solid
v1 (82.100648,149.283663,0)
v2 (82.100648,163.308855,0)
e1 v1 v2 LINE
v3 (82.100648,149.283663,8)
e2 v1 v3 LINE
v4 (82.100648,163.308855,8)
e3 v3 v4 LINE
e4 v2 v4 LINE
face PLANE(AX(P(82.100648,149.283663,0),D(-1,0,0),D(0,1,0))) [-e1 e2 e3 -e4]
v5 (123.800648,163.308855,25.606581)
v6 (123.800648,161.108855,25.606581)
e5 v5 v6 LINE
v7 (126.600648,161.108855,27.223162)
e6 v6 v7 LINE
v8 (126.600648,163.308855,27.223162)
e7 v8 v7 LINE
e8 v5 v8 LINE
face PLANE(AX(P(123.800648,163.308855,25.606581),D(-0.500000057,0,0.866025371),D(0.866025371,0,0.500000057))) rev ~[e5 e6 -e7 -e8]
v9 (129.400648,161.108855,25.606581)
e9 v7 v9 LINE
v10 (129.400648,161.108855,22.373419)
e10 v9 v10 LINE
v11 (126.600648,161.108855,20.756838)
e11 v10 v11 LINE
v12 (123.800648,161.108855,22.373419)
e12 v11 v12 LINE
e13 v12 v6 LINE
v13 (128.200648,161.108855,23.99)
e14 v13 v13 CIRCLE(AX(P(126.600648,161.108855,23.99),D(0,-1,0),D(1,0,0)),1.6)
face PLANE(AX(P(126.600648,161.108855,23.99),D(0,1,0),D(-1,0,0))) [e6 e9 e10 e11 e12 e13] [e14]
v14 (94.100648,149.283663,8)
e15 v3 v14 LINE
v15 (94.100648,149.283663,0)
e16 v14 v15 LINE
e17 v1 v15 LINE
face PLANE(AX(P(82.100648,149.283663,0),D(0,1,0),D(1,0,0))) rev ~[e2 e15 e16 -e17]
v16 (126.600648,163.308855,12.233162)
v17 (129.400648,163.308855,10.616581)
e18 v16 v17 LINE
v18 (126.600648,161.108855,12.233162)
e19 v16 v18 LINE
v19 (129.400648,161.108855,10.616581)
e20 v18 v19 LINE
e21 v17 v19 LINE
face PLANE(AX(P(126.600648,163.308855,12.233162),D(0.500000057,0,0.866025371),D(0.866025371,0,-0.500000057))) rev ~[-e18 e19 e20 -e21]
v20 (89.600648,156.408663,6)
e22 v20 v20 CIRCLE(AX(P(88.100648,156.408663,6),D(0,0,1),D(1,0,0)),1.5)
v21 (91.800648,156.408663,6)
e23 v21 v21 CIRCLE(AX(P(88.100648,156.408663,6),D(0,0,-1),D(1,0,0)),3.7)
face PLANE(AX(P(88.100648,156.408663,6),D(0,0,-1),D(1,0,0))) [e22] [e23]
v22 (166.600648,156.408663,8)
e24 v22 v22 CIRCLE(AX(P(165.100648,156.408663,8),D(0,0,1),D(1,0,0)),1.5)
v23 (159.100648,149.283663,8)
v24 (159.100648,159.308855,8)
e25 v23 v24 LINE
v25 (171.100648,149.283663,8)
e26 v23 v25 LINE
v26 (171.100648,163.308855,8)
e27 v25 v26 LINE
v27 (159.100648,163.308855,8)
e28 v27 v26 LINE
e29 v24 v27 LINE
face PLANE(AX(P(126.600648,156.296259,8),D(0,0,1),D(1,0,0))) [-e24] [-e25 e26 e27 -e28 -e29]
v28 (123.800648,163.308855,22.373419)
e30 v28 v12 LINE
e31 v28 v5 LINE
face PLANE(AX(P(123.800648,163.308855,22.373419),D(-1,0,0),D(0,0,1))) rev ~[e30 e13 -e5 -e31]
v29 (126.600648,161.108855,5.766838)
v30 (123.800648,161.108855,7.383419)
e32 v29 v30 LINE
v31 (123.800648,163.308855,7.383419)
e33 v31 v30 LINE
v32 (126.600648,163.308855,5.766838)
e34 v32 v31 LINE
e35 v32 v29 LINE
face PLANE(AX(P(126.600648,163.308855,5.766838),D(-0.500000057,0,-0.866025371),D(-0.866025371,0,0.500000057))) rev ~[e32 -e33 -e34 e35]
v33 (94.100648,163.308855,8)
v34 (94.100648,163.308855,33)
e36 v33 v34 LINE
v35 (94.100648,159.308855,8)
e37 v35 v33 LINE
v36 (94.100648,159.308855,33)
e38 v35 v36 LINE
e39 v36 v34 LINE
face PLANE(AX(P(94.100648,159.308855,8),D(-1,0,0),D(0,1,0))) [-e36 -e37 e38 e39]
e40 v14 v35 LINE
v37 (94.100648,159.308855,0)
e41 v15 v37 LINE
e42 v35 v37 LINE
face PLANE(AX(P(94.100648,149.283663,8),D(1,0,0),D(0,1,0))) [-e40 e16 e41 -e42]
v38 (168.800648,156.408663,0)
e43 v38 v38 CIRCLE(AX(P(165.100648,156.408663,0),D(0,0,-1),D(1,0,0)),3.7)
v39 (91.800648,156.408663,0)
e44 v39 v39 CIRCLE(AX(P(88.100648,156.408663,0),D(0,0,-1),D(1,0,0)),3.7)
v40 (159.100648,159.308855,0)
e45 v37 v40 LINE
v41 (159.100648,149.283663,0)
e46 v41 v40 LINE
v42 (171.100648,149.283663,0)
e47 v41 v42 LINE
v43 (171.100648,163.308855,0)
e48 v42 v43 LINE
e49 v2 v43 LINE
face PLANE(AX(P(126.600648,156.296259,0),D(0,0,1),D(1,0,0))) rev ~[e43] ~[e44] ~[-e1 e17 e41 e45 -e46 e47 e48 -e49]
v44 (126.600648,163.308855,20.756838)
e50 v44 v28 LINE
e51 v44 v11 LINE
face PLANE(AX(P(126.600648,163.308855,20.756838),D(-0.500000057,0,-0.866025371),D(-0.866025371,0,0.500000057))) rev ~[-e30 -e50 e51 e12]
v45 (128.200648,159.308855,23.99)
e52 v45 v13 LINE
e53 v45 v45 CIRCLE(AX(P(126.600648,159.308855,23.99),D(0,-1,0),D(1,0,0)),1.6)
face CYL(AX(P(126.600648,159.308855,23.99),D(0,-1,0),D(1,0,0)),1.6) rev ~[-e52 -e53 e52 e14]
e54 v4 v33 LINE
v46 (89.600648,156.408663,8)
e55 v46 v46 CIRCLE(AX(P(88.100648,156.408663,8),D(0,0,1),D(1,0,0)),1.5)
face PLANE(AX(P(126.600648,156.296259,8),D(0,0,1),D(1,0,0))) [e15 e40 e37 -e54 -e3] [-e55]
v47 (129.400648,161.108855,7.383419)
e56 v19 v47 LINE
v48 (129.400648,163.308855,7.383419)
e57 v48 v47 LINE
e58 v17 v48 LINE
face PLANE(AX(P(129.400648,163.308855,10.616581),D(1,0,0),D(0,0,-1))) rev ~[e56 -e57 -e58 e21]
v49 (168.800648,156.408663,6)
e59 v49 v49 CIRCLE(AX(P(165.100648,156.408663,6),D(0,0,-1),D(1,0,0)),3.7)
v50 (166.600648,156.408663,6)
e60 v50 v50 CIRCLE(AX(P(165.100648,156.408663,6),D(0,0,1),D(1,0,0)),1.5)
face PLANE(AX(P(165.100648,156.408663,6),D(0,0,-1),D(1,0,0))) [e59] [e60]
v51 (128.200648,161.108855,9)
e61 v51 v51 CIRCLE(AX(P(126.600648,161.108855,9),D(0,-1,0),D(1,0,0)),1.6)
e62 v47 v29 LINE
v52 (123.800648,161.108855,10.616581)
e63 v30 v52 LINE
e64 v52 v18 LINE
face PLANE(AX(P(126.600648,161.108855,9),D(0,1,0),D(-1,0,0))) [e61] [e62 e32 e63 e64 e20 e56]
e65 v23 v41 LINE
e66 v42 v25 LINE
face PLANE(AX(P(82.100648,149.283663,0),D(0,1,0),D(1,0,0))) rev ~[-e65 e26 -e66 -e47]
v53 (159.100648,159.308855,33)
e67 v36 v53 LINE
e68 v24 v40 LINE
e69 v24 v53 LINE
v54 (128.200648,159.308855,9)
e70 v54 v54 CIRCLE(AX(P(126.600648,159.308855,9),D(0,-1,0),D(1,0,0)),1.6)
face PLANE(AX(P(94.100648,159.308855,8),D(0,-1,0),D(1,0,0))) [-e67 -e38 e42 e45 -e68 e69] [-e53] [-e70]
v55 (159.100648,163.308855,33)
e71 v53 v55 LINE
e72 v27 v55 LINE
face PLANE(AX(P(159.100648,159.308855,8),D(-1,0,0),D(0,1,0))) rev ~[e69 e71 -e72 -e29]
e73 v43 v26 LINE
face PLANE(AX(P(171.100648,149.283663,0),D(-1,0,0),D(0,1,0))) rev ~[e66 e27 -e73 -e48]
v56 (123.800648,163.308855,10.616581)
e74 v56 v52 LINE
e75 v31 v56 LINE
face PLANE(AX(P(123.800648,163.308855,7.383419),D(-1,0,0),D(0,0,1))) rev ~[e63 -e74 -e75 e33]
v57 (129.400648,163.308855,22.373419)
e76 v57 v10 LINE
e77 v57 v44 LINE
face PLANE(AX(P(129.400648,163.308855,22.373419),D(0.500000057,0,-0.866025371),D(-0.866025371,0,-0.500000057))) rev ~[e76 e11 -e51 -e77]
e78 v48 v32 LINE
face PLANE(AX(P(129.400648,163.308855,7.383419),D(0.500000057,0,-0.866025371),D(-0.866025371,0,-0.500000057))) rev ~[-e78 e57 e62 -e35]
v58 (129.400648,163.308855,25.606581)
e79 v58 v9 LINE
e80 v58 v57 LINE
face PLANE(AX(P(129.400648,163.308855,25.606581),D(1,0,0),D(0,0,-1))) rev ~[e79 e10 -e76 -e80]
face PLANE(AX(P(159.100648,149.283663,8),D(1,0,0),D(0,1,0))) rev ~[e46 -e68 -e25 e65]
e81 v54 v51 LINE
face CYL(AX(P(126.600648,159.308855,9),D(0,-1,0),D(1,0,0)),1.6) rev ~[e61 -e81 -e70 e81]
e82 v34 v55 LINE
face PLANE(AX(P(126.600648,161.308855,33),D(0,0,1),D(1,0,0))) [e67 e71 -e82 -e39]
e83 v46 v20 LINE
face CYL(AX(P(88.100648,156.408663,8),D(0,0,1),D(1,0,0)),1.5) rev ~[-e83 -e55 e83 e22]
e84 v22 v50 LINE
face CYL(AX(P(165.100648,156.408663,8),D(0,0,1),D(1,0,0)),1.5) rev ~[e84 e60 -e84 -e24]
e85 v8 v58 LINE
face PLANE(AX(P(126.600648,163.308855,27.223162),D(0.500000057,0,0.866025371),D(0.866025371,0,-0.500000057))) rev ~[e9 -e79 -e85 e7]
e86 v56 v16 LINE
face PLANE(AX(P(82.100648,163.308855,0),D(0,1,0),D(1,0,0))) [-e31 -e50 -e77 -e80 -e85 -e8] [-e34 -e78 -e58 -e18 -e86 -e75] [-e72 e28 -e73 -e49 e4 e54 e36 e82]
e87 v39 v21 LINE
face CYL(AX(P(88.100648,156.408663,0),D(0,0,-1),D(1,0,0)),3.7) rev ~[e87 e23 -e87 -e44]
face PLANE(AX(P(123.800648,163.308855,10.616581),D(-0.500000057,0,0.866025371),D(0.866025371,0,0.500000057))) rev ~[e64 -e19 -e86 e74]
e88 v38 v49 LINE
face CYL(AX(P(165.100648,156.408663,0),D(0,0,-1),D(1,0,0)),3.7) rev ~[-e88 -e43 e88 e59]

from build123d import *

# Parameters (mm, degrees)
SKETCH001_W     = 89
SKETCH001_H     = 14.025192
PAD_DEPTH       = 8
SKETCH002_R     = 3.7
POCKET_DEPTH    = 6
SKETCH003_R     = 1.5
POCKET001_DEPTH = 8.001
SKETCH004_W     = 65
SKETCH004_H     = 4
PAD001_DEPTH    = 25
SKETCH007_W     = 65
SKETCH007_H     = 10.025192
POCKET004_DEPTH = 8
SKETCH008_R     = 1.6
POCKET005_DEPTH = 4
POCKET006_DEPTH = 2.2


with BuildPart() as part:
    # Sketch001 → Pad (new body)
    with BuildSketch(Plane.XY):
        with Locations((126.600648, 156.296259)):
            Rectangle(SKETCH001_W, SKETCH001_H)
    extrude(amount=PAD_DEPTH)

    # Sketch002 (on Face5 of Pad) → Pocket (cut)
    with BuildSketch(Plane(origin=(0, 0, 0), x_dir=(1, 0, 0), z_dir=(0, 0, -1))):
        with Locations((88.100648, -156.408663)):
            Circle(SKETCH002_R)
        with Locations((165.100648, -156.408663)):
            Circle(SKETCH002_R)
    extrude(amount=-POCKET_DEPTH, mode=Mode.SUBTRACT)

    # Sketch003 (on Face6 of Pad) → Pocket001 (cut, through all)
    with BuildSketch(Plane.XY.offset(8)):
        with Locations((88.100648, 156.408663)):
            Circle(SKETCH003_R)
        with Locations((165.100648, 156.408663)):
            Circle(SKETCH003_R)
    extrude(amount=-POCKET001_DEPTH, mode=Mode.SUBTRACT)

    # Sketch004 (on Face5 of Pocket001) → Pad001 (join)
    with BuildSketch(Plane.XY.offset(8)):
        with Locations((126.600648, 161.308855)):
            Rectangle(SKETCH004_W, SKETCH004_H)
    extrude(amount=PAD001_DEPTH)

    # Sketch007 (on Face5 of Pad001) → Pocket004 (cut)
    with BuildSketch(Plane.XY.offset(8)):
        with Locations((126.600648, 154.296259)):
            Rectangle(SKETCH007_W, SKETCH007_H)
    extrude(amount=-POCKET004_DEPTH, mode=Mode.SUBTRACT)

    # Sketch008 (on Face20 of Pocket004) → Pocket005 (cut)
    with BuildSketch(Plane.XZ.offset(-159.308855)):
        with Locations((126.600648, 9)):
            Circle(SKETCH008_R)
        with Locations((126.600648, 23.99)):
            Circle(SKETCH008_R)
    extrude(amount=-POCKET005_DEPTH, mode=Mode.SUBTRACT)

    # Sketch009 (on Face6 of Pocket005) → Pocket006 (cut)
    with BuildSketch(Plane(origin=(0, 163.308855, 0), x_dir=(-1, 0, 0), z_dir=(0, 1, 0))):
        Polygon((-123.800648, 25.606581), (-126.600648, 27.223162), (-129.400648, 25.606581), (-129.400648, 22.373419), (-126.600648, 20.756838), (-123.800648, 22.373419), align=None)
        Polygon((-123.800648, 10.616581), (-126.600648, 12.233162), (-129.400648, 10.616581), (-129.400648, 7.383419), (-126.600648, 5.766838), (-123.800648, 7.383419), align=None)
    extrude(amount=-POCKET006_DEPTH, mode=Mode.SUBTRACT)


solid = part.part
